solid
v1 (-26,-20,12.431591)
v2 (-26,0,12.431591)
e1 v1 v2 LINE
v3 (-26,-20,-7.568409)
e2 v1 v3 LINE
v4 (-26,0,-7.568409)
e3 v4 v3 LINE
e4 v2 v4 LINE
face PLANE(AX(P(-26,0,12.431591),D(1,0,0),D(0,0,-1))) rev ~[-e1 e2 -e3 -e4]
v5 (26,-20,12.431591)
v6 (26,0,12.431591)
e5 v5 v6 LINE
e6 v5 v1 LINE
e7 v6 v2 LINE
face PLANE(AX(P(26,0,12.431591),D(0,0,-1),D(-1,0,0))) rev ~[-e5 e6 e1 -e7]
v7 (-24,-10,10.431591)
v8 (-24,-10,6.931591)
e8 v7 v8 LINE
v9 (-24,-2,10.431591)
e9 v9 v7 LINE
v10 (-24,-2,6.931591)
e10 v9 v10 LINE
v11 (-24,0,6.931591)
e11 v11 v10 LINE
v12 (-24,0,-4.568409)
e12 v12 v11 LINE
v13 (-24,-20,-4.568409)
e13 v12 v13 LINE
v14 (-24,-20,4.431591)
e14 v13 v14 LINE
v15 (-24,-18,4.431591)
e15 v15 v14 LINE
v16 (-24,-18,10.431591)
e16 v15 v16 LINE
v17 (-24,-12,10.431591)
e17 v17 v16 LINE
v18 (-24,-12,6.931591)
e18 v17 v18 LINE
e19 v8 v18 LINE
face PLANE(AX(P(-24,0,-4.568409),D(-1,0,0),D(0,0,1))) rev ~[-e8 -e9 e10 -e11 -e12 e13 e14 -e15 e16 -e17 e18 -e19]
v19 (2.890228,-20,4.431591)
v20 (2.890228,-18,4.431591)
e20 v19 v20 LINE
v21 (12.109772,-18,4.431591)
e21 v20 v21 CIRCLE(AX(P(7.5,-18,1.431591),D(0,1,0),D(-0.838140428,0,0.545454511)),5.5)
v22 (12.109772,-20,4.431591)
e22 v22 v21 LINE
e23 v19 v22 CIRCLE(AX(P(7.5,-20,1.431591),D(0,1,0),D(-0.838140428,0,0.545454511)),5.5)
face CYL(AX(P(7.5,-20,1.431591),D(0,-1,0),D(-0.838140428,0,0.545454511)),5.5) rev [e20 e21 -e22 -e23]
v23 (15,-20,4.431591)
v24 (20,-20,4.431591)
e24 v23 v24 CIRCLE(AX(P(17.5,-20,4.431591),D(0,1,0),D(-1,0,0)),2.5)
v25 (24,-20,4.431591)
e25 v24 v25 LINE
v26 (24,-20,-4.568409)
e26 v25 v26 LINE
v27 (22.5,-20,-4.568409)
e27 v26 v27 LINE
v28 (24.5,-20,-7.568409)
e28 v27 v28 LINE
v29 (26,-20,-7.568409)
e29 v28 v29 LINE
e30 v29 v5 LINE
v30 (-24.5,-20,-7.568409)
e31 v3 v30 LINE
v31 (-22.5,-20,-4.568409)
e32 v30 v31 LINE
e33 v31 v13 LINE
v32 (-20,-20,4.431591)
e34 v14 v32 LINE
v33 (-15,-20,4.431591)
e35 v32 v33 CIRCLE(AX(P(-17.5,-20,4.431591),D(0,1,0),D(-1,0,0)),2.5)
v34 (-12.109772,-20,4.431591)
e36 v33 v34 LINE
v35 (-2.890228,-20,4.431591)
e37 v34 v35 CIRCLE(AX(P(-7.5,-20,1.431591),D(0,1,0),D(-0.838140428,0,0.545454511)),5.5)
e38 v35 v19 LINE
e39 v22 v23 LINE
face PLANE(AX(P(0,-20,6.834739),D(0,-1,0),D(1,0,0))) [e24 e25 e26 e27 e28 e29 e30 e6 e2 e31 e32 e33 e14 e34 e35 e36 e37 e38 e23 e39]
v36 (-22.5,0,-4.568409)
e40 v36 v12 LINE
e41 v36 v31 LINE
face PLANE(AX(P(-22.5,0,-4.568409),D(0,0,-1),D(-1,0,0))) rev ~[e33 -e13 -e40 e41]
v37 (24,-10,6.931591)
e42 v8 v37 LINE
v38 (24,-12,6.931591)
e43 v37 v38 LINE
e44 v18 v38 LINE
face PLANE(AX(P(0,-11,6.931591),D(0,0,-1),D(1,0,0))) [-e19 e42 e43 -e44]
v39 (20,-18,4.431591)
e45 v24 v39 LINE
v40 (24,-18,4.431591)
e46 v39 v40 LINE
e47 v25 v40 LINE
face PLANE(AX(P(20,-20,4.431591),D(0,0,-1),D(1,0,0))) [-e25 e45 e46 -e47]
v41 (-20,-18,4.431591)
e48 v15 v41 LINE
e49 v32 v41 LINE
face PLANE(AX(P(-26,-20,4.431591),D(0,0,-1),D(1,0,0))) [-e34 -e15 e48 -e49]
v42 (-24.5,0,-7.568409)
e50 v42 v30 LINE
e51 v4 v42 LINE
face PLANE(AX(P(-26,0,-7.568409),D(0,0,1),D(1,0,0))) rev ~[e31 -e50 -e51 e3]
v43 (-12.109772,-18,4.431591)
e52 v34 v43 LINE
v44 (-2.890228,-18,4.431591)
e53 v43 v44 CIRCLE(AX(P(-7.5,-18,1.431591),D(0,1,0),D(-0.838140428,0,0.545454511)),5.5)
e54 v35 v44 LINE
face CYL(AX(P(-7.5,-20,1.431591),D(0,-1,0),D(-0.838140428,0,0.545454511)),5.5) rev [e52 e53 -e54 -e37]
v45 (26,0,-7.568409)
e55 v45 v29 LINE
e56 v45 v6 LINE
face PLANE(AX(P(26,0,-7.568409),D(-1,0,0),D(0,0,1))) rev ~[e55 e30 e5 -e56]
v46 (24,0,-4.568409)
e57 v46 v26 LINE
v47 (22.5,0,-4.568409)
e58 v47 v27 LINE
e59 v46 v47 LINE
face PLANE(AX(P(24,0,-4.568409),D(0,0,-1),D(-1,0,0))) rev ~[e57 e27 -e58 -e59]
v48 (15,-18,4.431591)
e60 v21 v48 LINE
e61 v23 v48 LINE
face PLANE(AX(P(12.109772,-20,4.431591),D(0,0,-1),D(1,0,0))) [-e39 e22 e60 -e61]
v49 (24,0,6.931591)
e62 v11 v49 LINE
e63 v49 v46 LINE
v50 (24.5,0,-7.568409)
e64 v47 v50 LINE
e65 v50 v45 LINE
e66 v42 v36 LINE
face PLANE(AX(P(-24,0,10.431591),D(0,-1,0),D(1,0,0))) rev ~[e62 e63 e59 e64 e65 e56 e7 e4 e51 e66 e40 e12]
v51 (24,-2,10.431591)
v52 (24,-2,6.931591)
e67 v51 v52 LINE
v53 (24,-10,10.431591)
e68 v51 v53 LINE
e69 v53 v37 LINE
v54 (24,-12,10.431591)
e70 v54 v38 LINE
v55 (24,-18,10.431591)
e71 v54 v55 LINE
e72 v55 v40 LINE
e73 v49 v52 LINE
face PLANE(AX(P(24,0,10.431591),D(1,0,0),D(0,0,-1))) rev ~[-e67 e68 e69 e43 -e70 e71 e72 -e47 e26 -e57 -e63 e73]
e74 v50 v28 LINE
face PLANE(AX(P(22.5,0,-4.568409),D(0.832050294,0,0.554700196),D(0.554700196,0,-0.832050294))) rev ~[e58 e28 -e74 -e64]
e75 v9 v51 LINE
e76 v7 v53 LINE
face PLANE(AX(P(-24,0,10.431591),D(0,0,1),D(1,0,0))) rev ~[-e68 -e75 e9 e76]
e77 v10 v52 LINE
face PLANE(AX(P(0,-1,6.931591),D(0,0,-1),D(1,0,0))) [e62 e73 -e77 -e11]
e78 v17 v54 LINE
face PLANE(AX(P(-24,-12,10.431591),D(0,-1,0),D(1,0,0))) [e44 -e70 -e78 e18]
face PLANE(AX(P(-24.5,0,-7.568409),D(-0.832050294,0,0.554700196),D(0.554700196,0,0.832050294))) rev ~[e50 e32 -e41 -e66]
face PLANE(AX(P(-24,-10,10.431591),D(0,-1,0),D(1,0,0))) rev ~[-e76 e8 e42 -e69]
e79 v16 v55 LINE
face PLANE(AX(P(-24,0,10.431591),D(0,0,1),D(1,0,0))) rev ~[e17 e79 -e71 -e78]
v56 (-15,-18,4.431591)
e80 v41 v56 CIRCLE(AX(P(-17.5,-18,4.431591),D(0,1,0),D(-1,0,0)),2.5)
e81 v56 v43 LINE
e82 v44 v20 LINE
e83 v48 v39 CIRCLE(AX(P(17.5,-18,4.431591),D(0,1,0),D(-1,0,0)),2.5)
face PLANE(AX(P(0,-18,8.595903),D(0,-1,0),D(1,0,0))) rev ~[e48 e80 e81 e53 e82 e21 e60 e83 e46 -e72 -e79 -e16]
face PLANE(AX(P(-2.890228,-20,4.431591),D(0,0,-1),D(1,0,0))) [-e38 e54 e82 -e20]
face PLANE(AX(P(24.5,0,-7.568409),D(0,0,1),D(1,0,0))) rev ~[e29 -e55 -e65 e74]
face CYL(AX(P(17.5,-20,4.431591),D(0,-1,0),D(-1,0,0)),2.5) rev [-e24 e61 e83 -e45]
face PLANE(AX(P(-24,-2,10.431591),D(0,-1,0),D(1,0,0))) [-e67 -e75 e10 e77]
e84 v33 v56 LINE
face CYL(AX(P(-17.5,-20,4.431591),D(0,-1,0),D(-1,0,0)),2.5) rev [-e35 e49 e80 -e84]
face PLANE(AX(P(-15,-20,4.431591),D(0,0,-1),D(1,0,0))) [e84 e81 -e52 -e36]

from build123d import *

# Parameters (mm, degrees)
F1_DEPTH = 20
F2_W     = 48
F2_H     = 2
F3_DEPTH = 3.5
F5_DEPTH = 2


with BuildPart() as f1:
    # F0 (on Front) → F1 (new body)
    with BuildSketch(Plane.XZ):
        Polygon((26, -7.568409), (26, 12.431591), (-26, 12.431591), (-26, -7.568409), (-24.5, -7.568409), (-22.5, -4.568409), (-24, -4.568409), (-24, 10.431591), (24, 10.431591), (24, -4.568409), (22.5, -4.568409), (24.5, -7.568409), align=None)
    extrude(amount=F1_DEPTH)

    # F2 (on face) → F3 (join)
    with BuildSketch(Plane(origin=(0, 0, 10.431591), x_dir=(1, 0, 0), z_dir=(0, 0, -1))):
        with Locations((0, 1)):
            Rectangle(F2_W, F2_H)
        with Locations((0, 11)):
            Rectangle(F2_W, F2_H)
    extrude(amount=F3_DEPTH)

    # F4 (on face) → F5 (join)
    with BuildSketch(Plane.XZ.offset(20)):
        with BuildLine():
            Line((26, 12.431591), (-26, 12.431591))
            Line((-26, 12.431591), (-26, 4.431591))
            Line((-26, 4.431591), (-20, 4.431591))
            ThreePointArc((-20, 4.431591), (-17.5, 6.931591), (-15, 4.431591))
            Line((-15, 4.431591), (-12.109772, 4.431591))
            ThreePointArc((-12.109772, 4.431591), (-7.5, 6.931591), (-2.890228, 4.431591))
            Line((-2.890228, 4.431591), (2.890228, 4.431591))
            ThreePointArc((2.890228, 4.431591), (7.5, 6.931591), (12.109772, 4.431591))
            Line((12.109772, 4.431591), (15, 4.431591))
            ThreePointArc((15, 4.431591), (17.5, 6.931591), (20, 4.431591))
            Line((20, 4.431591), (26, 4.431591))
            Line((26, 4.431591), (26, 12.431591))
        make_face()
    extrude(amount=-F5_DEPTH)


solid = f1.part
